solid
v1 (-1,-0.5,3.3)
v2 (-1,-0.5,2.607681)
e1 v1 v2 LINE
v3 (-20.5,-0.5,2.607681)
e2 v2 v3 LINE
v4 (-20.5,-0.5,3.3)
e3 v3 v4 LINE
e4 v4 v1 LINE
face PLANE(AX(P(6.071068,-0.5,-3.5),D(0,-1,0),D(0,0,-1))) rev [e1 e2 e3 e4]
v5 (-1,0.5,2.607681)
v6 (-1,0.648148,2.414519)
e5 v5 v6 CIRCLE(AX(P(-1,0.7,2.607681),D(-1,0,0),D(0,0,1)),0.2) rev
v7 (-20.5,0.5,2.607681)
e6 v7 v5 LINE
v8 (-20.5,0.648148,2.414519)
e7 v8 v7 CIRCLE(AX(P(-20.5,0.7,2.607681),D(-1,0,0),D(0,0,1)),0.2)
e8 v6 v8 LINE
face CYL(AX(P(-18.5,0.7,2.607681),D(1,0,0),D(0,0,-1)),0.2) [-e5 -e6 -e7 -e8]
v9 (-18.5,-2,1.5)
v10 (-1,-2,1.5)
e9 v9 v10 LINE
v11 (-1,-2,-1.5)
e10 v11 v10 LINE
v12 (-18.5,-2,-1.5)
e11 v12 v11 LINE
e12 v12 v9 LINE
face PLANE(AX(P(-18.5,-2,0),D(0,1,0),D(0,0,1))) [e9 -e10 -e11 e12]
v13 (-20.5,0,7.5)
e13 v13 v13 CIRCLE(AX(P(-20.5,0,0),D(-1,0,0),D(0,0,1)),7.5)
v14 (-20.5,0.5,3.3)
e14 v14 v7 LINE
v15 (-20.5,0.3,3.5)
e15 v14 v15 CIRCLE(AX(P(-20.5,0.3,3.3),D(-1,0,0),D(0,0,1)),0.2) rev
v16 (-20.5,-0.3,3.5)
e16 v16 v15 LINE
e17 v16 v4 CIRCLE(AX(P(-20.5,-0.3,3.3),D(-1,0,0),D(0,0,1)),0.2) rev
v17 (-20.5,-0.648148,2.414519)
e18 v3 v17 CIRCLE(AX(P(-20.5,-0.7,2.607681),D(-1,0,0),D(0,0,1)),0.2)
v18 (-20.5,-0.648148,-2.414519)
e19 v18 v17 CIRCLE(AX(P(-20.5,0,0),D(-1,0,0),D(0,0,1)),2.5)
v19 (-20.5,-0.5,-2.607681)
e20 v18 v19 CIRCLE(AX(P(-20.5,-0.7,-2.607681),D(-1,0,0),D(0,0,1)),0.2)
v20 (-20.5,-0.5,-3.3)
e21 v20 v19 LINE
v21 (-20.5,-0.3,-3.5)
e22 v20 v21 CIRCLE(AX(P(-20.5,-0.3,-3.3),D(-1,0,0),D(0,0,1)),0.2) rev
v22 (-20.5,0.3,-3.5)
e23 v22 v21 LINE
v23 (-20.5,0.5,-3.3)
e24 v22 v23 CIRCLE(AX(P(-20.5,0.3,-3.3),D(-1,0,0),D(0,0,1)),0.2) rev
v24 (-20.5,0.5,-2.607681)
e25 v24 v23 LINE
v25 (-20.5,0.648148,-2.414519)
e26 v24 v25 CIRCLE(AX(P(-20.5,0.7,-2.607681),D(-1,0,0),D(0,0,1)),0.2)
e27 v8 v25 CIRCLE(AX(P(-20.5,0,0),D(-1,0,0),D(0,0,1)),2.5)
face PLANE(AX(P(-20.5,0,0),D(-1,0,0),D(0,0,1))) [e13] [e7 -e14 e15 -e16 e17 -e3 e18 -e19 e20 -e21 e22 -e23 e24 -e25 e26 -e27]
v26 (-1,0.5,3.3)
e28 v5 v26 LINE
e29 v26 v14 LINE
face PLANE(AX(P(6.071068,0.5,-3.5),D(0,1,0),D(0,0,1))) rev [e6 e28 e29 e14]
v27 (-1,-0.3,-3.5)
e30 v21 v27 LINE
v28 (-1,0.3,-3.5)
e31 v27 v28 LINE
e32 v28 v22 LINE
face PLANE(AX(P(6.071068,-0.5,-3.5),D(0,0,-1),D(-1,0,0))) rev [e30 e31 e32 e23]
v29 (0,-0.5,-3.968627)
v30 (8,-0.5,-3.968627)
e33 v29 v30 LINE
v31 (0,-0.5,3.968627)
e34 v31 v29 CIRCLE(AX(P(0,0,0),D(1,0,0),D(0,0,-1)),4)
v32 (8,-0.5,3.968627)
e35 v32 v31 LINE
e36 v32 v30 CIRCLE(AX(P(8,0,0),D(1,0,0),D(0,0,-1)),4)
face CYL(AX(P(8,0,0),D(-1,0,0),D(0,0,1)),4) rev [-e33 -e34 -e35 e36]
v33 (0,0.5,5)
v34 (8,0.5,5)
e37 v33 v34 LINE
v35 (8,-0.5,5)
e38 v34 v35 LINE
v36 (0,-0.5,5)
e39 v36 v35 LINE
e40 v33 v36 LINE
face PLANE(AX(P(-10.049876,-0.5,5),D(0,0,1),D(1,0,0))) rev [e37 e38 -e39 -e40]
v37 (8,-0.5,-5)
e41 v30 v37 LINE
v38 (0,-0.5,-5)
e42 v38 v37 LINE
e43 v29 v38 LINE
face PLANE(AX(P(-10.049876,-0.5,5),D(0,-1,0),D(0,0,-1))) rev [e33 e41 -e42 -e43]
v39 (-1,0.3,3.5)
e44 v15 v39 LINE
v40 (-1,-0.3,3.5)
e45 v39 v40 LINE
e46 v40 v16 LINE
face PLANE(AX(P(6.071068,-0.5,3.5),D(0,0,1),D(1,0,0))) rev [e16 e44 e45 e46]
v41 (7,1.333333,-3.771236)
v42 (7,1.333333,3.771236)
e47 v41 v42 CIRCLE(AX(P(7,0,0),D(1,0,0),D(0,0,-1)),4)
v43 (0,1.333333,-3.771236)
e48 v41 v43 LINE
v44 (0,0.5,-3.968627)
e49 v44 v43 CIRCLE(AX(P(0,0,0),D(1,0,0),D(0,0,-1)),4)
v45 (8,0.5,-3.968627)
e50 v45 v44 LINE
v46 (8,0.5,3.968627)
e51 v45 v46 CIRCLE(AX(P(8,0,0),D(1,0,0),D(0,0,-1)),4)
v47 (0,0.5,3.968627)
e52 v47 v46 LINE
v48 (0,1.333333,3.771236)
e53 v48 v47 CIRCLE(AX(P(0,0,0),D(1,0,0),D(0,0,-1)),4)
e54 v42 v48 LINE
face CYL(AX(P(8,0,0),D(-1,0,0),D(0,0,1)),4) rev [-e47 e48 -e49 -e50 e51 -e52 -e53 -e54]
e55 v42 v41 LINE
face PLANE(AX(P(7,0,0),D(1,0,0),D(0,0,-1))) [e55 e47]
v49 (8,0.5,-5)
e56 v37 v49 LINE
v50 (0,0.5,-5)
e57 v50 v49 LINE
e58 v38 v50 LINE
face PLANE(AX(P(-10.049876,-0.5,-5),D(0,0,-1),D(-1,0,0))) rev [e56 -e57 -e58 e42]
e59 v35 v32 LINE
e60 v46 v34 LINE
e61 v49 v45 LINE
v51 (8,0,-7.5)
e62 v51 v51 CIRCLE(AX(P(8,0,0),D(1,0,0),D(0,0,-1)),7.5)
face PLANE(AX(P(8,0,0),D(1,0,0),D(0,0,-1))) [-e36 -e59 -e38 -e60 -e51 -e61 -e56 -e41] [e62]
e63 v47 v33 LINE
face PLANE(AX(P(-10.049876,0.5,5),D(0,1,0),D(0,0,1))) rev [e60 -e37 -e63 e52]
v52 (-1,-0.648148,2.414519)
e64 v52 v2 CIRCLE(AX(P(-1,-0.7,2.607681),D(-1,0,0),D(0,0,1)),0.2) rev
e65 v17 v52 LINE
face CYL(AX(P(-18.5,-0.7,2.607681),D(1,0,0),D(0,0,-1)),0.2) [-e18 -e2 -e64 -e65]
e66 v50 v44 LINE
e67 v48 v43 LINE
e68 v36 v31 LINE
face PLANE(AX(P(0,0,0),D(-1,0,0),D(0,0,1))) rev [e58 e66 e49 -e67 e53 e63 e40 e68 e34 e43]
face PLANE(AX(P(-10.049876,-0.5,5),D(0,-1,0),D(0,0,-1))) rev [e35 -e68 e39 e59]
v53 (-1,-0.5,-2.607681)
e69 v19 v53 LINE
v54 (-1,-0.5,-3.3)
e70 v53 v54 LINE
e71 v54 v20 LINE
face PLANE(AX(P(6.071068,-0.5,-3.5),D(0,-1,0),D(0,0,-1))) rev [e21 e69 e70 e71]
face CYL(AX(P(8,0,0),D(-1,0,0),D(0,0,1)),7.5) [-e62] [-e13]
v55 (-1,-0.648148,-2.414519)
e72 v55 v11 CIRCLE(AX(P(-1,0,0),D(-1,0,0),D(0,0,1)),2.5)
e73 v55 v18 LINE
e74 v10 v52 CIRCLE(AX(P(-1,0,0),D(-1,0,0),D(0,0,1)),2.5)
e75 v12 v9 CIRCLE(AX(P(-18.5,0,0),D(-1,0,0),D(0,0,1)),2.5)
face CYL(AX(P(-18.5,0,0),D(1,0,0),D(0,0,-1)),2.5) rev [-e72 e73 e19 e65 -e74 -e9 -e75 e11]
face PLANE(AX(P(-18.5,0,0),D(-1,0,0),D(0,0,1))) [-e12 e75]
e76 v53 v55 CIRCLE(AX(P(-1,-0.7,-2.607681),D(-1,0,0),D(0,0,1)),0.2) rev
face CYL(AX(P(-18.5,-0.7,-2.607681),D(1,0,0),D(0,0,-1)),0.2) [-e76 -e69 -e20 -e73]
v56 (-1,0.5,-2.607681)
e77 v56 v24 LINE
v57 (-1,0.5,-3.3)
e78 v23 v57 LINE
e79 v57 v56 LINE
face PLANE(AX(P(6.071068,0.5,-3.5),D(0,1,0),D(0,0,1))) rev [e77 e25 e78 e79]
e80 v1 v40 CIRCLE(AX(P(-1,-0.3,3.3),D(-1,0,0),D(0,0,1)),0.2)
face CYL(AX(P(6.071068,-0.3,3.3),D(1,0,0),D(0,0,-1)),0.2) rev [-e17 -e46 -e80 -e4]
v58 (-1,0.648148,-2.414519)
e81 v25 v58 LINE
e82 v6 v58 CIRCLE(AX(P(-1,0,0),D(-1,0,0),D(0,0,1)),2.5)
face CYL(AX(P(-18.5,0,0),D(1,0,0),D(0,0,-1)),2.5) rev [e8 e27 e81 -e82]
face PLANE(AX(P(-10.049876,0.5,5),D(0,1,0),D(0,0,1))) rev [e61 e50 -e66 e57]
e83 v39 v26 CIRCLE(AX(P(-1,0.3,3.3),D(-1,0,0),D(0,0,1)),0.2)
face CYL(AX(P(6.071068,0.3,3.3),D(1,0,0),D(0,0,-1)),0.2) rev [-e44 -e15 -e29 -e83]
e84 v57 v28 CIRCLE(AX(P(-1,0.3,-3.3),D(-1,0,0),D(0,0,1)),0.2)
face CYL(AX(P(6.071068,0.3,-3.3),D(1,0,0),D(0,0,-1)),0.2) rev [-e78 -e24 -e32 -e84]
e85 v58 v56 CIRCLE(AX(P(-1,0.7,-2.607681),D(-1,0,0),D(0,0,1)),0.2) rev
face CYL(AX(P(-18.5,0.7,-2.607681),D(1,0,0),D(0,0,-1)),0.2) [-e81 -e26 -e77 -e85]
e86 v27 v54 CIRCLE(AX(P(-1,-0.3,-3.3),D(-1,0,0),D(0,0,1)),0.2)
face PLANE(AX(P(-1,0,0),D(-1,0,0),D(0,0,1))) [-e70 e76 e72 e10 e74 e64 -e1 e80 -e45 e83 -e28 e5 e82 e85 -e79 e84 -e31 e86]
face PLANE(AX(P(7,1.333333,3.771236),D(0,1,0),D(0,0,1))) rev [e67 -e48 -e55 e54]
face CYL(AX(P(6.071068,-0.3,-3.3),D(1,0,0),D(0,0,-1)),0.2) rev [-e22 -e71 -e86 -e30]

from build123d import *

# Parameters (mm, degrees)
SKETCH1_R           = 7.5
SKETCH1_R_2         = 4
BOSS_EXTRUDE1_DEPTH = 8
BOSS_EXTRUDE2_START = 1
SKETCH2_R           = 7.5
BOSS_EXTRUDE2_DEPTH = 1
BOSS_EXTRUDE3_DEPTH = 7
BOSS_EXTRUDE4_START = 17.5
SKETCH4_R           = 7.5
BOSS_EXTRUDE4_DEPTH = 17.5
BOSS_EXTRUDE5_START = 2
SKETCH5_R           = 7.5
SKETCH5_R_2         = 2.5
BOSS_EXTRUDE5_DEPTH = 2
SKETCH6_W           = 7
SKETCH6_H           = 1
CUT_EXTRUDE1_DEPTH  = 19.5
FILLET1_R           = 0.2
SKETCH7_W           = 10
SKETCH7_H           = 1
CUT_EXTRUDE2_DEPTH  = 8


with BuildPart() as part:
    # Sketch1 → Boss-Extrude1 (new body)
    with BuildSketch(Plane(origin=(0, 0, 0), x_dir=(0, 0, -1), z_dir=(1, 0, 0))):
        Circle(SKETCH1_R)
        Circle(SKETCH1_R_2, mode=Mode.SUBTRACT)
    extrude(amount=BOSS_EXTRUDE1_DEPTH)

    # Sketch2 → Boss-Extrude2 (add)
    with BuildSketch(Plane.ZY.offset(BOSS_EXTRUDE2_START)):
        Circle(SKETCH2_R)
    extrude(amount=-BOSS_EXTRUDE2_DEPTH)

    # Sketch3 → Boss-Extrude3 (add)
    with BuildSketch(Plane(origin=(0, 0, 0), x_dir=(0, 0, -1), z_dir=(1, 0, 0))):
        with BuildLine():
            Line((-3.771236166, 1.333333333), (3.771236166, 1.333333333))
            ThreePointArc((3.771236166, 1.333333333), (0, 4), (-3.771236166, 1.333333333))
        make_face()
    extrude(amount=BOSS_EXTRUDE3_DEPTH)

    # Sketch4 → Boss-Extrude4 (add)
    with BuildSketch(Plane.ZY.offset(1).offset(BOSS_EXTRUDE4_START)):
        Circle(SKETCH4_R)
        with BuildLine():
            ThreePointArc((1.5, -2), (0, 2.5), (-1.5, -2))
            Line((-1.5, -2), (1.5, -2))
        make_face(mode=Mode.SUBTRACT)
    extrude(amount=-BOSS_EXTRUDE4_DEPTH)

    # Sketch5 → Boss-Extrude5 (add)
    with BuildSketch(Plane.ZY.offset(18.5).offset(BOSS_EXTRUDE5_START)):
        Circle(SKETCH5_R)
        with Locations(Location((0, 0, 0), (0, 0, 233.130102354))):
            Circle(SKETCH5_R_2, mode=Mode.SUBTRACT)
    extrude(amount=-BOSS_EXTRUDE5_DEPTH)

    # Sketch6 → Cut-Extrude1 (cut)
    with BuildSketch(Plane.ZY.offset(20.5)):
        Rectangle(SKETCH6_W, SKETCH6_H)
    extrude(amount=-CUT_EXTRUDE1_DEPTH, mode=Mode.SUBTRACT)

    # Fillet1
    fillet1_edges = [part.edges().sort_by_distance(p)[0] for p in [
        (-9.75, 0.5, -2.449489743),
        (-9.75, 0.5, 2.449489743),
        (-9.75, -0.5, 2.449489743),
        (-9.75, -0.5, -2.449489743),
        (-10.75, 0.5, 3.5),
        (-10.75, -0.5, 3.5),
        (-10.75, -0.5, -3.5),
        (-10.75, 0.5, -3.5),
    ]]
    fillet(fillet1_edges, radius=FILLET1_R)

    # Sketch7 → Cut-Extrude2 (cut)
    with BuildSketch(Plane(origin=(8, 0, 0), x_dir=(0, 0, -1), z_dir=(1, 0, 0))):
        Rectangle(SKETCH7_W, SKETCH7_H)
    extrude(amount=-CUT_EXTRUDE2_DEPTH, mode=Mode.SUBTRACT)


solid = part.part
